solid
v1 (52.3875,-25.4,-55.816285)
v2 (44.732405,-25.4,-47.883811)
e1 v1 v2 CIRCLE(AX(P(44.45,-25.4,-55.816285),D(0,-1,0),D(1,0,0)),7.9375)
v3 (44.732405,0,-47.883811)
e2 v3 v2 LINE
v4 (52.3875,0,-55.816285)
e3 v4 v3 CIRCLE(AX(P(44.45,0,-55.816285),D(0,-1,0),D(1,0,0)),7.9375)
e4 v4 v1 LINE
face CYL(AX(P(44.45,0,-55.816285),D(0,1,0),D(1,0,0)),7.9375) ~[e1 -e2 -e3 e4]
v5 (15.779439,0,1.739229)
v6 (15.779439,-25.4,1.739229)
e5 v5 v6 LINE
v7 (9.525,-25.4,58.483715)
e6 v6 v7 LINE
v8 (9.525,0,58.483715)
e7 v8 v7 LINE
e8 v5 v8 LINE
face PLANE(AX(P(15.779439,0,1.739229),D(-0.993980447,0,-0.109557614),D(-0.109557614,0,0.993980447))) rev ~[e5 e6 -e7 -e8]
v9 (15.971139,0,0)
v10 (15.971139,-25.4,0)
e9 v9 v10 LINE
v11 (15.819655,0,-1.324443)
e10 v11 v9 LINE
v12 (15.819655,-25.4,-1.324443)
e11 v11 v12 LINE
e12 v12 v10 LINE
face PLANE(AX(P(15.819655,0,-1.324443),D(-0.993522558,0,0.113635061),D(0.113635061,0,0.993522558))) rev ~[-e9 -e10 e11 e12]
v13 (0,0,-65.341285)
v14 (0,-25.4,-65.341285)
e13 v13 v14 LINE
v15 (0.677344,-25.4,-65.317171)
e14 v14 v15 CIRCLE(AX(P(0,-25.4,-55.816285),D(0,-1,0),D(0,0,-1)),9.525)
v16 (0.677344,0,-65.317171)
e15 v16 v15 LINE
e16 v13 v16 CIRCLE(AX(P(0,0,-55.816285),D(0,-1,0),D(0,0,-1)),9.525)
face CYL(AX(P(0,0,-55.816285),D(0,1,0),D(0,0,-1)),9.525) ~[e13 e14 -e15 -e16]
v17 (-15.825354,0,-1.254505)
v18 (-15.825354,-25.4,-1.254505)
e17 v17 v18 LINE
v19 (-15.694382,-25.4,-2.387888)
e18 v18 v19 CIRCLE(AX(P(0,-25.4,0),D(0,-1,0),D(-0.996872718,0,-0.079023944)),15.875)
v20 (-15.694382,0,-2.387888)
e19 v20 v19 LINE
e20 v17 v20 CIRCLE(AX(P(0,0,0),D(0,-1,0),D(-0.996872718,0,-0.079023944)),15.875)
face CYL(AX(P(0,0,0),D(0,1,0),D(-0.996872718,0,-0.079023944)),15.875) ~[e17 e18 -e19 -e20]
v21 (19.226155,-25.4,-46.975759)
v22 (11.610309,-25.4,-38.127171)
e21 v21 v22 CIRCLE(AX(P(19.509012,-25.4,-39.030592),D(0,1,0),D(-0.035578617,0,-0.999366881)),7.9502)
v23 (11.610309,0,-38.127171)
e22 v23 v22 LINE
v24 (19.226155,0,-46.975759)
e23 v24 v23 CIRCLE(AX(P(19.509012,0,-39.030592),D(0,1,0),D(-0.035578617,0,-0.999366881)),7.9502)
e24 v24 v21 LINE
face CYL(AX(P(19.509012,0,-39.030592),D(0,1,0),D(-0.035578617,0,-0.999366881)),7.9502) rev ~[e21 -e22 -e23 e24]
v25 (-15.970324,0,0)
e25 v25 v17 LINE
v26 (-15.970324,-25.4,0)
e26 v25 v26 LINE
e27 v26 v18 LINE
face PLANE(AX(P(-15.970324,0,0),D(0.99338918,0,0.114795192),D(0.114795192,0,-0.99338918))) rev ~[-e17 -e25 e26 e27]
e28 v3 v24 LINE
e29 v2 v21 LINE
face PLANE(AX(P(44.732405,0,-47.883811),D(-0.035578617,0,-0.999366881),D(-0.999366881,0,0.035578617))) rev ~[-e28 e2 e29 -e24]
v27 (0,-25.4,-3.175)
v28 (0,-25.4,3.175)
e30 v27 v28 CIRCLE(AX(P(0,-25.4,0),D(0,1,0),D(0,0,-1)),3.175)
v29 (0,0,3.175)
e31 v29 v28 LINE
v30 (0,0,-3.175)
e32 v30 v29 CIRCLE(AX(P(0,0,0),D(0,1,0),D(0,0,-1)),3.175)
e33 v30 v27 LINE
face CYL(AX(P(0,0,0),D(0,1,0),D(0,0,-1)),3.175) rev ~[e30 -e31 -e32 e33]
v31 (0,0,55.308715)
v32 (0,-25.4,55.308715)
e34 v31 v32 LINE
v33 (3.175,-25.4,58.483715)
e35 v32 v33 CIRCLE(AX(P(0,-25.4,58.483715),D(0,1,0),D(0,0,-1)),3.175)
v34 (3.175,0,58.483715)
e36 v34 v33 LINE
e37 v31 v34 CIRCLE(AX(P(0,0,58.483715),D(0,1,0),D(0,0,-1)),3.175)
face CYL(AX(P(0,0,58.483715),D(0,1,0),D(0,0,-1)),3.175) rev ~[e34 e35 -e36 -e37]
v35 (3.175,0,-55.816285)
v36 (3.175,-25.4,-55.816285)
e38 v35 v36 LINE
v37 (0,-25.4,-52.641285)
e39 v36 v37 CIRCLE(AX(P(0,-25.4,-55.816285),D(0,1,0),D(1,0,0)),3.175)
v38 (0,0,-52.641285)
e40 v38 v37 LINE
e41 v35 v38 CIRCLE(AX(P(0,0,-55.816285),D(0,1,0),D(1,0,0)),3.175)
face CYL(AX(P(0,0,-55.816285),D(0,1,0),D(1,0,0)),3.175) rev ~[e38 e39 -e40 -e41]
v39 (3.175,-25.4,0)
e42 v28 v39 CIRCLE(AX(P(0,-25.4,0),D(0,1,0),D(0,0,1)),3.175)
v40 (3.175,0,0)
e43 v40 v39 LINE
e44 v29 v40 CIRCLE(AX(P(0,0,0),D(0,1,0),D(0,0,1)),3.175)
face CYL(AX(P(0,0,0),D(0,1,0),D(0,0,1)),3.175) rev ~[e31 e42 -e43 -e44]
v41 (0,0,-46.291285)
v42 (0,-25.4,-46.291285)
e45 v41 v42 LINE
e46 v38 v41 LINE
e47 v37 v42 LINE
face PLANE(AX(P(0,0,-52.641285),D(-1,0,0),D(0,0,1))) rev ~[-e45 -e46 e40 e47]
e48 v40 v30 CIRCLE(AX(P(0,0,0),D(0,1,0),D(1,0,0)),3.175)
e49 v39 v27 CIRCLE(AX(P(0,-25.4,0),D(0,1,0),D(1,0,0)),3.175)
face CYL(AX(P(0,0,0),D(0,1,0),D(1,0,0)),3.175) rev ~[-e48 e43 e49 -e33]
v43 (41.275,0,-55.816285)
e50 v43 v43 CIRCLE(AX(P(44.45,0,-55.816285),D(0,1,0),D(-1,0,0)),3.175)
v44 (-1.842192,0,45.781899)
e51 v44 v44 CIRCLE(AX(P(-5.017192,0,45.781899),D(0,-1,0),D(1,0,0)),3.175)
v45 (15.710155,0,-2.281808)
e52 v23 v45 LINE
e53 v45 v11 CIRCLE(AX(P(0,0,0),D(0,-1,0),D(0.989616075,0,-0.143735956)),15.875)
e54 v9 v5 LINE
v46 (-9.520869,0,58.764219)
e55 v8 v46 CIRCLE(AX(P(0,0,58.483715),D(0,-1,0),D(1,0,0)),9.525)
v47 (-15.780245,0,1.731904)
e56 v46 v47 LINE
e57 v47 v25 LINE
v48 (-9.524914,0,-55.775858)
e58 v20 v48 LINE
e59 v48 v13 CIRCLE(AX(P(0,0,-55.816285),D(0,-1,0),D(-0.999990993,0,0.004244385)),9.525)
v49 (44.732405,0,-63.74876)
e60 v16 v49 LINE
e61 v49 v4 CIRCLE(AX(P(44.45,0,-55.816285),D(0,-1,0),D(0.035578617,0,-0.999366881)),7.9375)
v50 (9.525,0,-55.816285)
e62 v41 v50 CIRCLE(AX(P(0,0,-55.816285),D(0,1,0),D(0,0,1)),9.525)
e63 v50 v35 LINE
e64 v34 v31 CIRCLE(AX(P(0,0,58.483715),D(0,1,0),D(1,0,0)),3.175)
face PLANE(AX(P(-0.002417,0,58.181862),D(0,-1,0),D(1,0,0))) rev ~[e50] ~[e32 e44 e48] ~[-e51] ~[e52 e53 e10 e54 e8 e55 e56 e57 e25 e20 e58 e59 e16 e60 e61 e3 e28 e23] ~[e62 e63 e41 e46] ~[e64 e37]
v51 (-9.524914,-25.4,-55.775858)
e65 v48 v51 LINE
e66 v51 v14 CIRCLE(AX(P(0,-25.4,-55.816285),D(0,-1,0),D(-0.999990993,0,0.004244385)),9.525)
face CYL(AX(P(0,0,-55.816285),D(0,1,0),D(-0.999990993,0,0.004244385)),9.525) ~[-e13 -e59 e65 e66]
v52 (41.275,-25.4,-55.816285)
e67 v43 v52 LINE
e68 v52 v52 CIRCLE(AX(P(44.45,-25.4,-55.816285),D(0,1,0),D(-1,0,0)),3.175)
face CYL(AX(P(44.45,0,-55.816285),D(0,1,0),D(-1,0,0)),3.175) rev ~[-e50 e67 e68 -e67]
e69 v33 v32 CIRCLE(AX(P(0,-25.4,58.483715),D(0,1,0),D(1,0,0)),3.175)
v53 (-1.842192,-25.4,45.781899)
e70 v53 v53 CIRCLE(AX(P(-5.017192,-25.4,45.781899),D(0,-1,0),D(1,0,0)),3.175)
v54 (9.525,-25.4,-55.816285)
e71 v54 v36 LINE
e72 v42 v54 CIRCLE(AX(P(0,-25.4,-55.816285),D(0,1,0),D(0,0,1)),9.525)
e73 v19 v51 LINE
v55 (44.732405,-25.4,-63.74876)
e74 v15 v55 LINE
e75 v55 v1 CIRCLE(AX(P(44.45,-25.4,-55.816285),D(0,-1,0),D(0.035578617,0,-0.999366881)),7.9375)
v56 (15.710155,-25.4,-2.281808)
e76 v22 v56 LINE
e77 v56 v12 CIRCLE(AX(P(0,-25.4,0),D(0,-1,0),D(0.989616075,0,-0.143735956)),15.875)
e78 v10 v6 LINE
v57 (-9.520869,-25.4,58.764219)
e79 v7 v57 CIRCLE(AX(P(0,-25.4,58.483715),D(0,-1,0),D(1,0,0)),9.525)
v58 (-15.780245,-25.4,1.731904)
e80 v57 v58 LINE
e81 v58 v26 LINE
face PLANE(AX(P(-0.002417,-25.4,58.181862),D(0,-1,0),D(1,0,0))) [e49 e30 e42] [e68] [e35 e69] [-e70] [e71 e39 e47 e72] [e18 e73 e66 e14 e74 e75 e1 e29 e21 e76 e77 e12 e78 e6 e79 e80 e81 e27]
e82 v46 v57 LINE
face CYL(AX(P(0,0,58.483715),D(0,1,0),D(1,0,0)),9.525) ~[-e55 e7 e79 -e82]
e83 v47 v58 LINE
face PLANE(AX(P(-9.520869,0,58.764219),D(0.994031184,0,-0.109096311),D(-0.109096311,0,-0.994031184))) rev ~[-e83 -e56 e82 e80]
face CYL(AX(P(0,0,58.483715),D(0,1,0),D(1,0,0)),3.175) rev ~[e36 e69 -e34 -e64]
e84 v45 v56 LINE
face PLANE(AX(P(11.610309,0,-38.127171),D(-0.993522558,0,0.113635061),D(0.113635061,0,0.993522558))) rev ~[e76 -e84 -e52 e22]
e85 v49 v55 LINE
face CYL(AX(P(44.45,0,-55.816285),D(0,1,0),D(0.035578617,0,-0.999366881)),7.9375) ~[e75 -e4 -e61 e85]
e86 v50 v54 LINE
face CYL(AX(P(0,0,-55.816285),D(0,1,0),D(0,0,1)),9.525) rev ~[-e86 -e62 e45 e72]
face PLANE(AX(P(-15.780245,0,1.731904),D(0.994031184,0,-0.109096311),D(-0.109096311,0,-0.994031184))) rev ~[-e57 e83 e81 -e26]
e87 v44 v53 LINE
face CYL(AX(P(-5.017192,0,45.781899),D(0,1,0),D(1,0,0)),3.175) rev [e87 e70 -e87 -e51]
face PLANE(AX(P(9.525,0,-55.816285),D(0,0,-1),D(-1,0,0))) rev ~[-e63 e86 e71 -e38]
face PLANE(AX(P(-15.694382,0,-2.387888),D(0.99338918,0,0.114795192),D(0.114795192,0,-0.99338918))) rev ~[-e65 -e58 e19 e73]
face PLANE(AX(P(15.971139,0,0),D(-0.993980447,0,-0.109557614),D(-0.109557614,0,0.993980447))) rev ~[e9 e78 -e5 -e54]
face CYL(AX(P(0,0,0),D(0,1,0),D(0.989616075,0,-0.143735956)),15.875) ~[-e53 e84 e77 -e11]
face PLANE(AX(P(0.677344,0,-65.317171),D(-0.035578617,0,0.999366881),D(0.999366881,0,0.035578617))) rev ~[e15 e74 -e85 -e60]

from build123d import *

# Parameters (mm, degrees)
F0_R     = 3.175
F1_DEPTH = 25.4
F2_DEPTH = 25.4


with BuildPart() as f1:
    # F0 (on Front) → F1 (new body)
    with BuildSketch(Plane.XZ):
        with BuildLine():
            ThreePointArc((-9.5208687759, 58.7642191463), (-6.8336458046, 51.8484369983), (0, 48.9587146878))
            ThreePointArc((0, 48.9587146878), (6.7351920908, 51.748522597), (9.525, 58.4837146878))
            ThreePointArc((9.525, 58.4837146878), (0.1402674394, 68.0076818258), (-9.5208687759, 58.7642191463))
        make_face()
        with BuildLine():
            ThreePointArc((3.175, 58.4837146878), (2.2450640303, 56.2386506576), (0, 55.3087146878))
            ThreePointArc((0, 55.3087146878), (-2.2450640303, 60.7287787181), (3.175, 58.4837146878))
        make_face(mode=Mode.SUBTRACT)
        with BuildLine():
            ThreePointArc((9.525, 58.4837146878), (6.7351920908, 51.748522597), (0, 48.9587146878))
            Line((0, 48.9587146878), (0, 15.875))
            ThreePointArc((0, 15.875), (10.5925769126, 11.8242521687), (15.7794394371, 1.7392285795))
            Line((15.7794394371, 1.7392285795), (9.525, 58.4837146878))
        make_face()
        with BuildLine():
            Line((0, 15.875), (0, 48.9587146878))
            ThreePointArc((0, 48.9587146878), (-6.8336458046, 51.8484369983), (-9.5208687759, 58.7642191463))
            Line((-9.5208687759, 58.7642191463), (-15.7802450107, 1.7319042706))
            ThreePointArc((-15.7802450107, 1.7319042706), (-10.5953207763, 11.8217935461), (0, 15.875))
        make_face()
        with Locations((-5.0171916373, 45.7818992436)):
            Circle(F0_R, mode=Mode.SUBTRACT)
        with BuildLine():
            ThreePointArc((15.7794394371, 1.7392285795), (10.5925769126, 11.8242521687), (0, 15.875))
            Line((0, 15.875), (0, 3.175))
            ThreePointArc((0, 3.175), (2.2450640303, 2.2450640303), (3.175, 0))
            ThreePointArc((3.175, 0), (2.2450640303, -2.2450640303), (0, -3.175))
            Line((0, -3.175), (0, -15.875))
            ThreePointArc((0, -15.875), (10.3872979688, -12.004985044), (15.7101551828, -2.2818083033))
            Line((15.7101551828, -2.2818083033), (15.819654741, -1.3244428544))
            ThreePointArc((15.819654741, -1.3244428544), (15.8611576503, -0.6627993611), (15.875, 0))
            ThreePointArc((15.875, 0), (15.8510918561, 0.8709259258), (15.7794394371, 1.7392285795))
        make_face()
        with BuildLine():
            Line((0, 3.175), (0, 15.875))
            ThreePointArc((0, 15.875), (-10.5953207763, 11.8217935461), (-15.7802450107, 1.7319042706))
            ThreePointArc((-15.7802450107, 1.7319042706), (-15.8731893077, 0.2397628051), (-15.825354401, -1.254505115))
            Line((-15.825354401, -1.254505115), (-15.6943816299, -2.3878882417))
            ThreePointArc((-15.6943816299, -2.3878882417), (-10.3466878556, -12.040003132), (0, -15.875))
            Line((0, -15.875), (0, -3.175))
            ThreePointArc((0, -3.175), (-3.175, 0), (0, 3.175))
        make_face()
        with BuildLine():
            Line((15.9711391169, 0), (15.7794394371, 1.7392285795))
            ThreePointArc((15.7794394371, 1.7392285795), (15.8510918561, 0.8709259258), (15.875, 0))
            ThreePointArc((15.875, 0), (15.8611576503, -0.6627993611), (15.819654741, -1.3244428544))
            Line((15.819654741, -1.3244428544), (15.9711391169, 0))
        make_face()
        with BuildLine():
            ThreePointArc((-15.825354401, -1.254505115), (-15.8731893077, 0.2397628051), (-15.7802450107, 1.7319042706))
            Line((-15.7802450107, 1.7319042706), (-15.970323924, 0))
            Line((-15.970323924, 0), (-15.825354401, -1.254505115))
        make_face()
        with BuildLine():
            Line((-15.6943816299, -2.3878882417), (-15.825354401, -1.254505115))
            ThreePointArc((-15.825354401, -1.254505115), (-15.77005324, -1.822373674), (-15.6943816299, -2.3878882417))
        make_face()
        with BuildLine():
            ThreePointArc((15.7101551828, -2.2818083033), (10.3872979688, -12.004985044), (0, -15.875))
            Line((0, -15.875), (0, -46.2912853122))
            ThreePointArc((0, -46.2912853122), (6.7351920908, -49.0810932214), (9.525, -55.8162853122))
            Line((9.525, -55.8162853122), (36.5125, -55.8162853122))
            ThreePointArc((36.5125, -55.8162853122), (38.9380895153, -50.1046525283), (44.7324052746, -47.8838106976))
            Line((44.7324052746, -47.8838106976), (19.2261546461, -46.9757586632))
            ThreePointArc((19.2261546461, -46.9757586632), (13.4833284693, -44.2168065864), (11.6103087299, -38.1271706272))
            Line((11.6103087299, -38.1271706272), (15.7101551828, -2.2818083033))
        make_face()
        with BuildLine():
            Line((0, -46.2912853122), (0, -15.875))
            ThreePointArc((0, -15.875), (-10.3466878556, -12.040003132), (-15.6943816299, -2.3878882417))
            Line((-15.6943816299, -2.3878882417), (-9.5249142041, -55.7758575439))
            ThreePointArc((-9.5249142041, -55.7758575439), (-6.7208835173, -49.0668149814), (0, -46.2912853122))
        make_face()
        with BuildLine():
            ThreePointArc((15.7101551828, -2.2818083033), (15.7721706055, -1.8039565935), (15.819654741, -1.3244428544))
            Line((15.819654741, -1.3244428544), (15.7101551828, -2.2818083033))
        make_face()
        with BuildLine():
            Line((0, -52.6412853122), (0, -46.2912853122))
            ThreePointArc((0, -46.2912853122), (-6.7208835173, -49.0668149814), (-9.5249142041, -55.7758575439))
            ThreePointArc((-9.5249142041, -55.7758575439), (-6.7494703308, -62.5371688295), (0, -65.3412853122))
            Line((0, -65.3412853122), (0.6773435479, -65.3171710982))
            ThreePointArc((0.6773435479, -65.3171710982), (6.9705567315, -62.3075844004), (9.525, -55.8162853122))
            Line((9.525, -55.8162853122), (3.175, -55.8162853122))
            ThreePointArc((3.175, -55.8162853122), (-2.2450640303, -58.0613493424), (0, -52.6412853122))
        make_face()
        with BuildLine():
            Line((36.5125, -55.8162853122), (9.525, -55.8162853122))
            ThreePointArc((9.525, -55.8162853122), (6.9705567315, -62.3075844004), (0.6773435479, -65.3171710982))
            Line((0.6773435479, -65.3171710982), (44.7324052746, -63.7487599268))
            ThreePointArc((44.7324052746, -63.7487599268), (38.9380895153, -61.5279180961), (36.5125, -55.8162853122))
        make_face()
        with BuildLine():
            Line((0.6773435479, -65.3171710982), (0, -65.3412853122))
            ThreePointArc((0, -65.3412853122), (0.3388863295, -65.3352548497), (0.6773435479, -65.3171710982))
        make_face()
        with BuildLine():
            ThreePointArc((44.7324052746, -47.8838106976), (38.9380895153, -50.1046525283), (36.5125, -55.8162853122))
            ThreePointArc((36.5125, -55.8162853122), (38.9380895153, -61.5279180961), (44.7324052746, -63.7487599268))
            ThreePointArc((44.7324052746, -63.7487599268), (50.1616327839, -61.3281957969), (52.3875, -55.8162853122))
            ThreePointArc((52.3875, -55.8162853122), (50.1616327839, -50.3043748275), (44.7324052746, -47.8838106976))
        make_face()
        with BuildLine():
            ThreePointArc((47.625, -55.8162853122), (44.45, -58.9912853122), (41.275, -55.8162853122))
            ThreePointArc((41.275, -55.8162853122), (44.45, -52.6412853122), (47.625, -55.8162853122))
        make_face(mode=Mode.SUBTRACT)
    extrude(amount=F1_DEPTH)

    # F0 (on Front) → F2 (join)
    with BuildSketch(Plane.XZ):
        with BuildLine():
            ThreePointArc((-9.5208687759, 58.7642191463), (-6.8336458046, 51.8484369983), (0, 48.9587146878))
            ThreePointArc((0, 48.9587146878), (6.7351920908, 51.748522597), (9.525, 58.4837146878))
            ThreePointArc((9.525, 58.4837146878), (0.1402674394, 68.0076818258), (-9.5208687759, 58.7642191463))
        make_face()
        with BuildLine():
            ThreePointArc((3.175, 58.4837146878), (2.2450640303, 56.2386506576), (0, 55.3087146878))
            ThreePointArc((0, 55.3087146878), (-2.2450640303, 60.7287787181), (3.175, 58.4837146878))
        make_face(mode=Mode.SUBTRACT)
        with BuildLine():
            ThreePointArc((9.525, 58.4837146878), (6.7351920908, 51.748522597), (0, 48.9587146878))
            Line((0, 48.9587146878), (0, 15.875))
            ThreePointArc((0, 15.875), (10.5925769126, 11.8242521687), (15.7794394371, 1.7392285795))
            Line((15.7794394371, 1.7392285795), (9.525, 58.4837146878))
        make_face()
        with BuildLine():
            Line((0, 15.875), (0, 48.9587146878))
            ThreePointArc((0, 48.9587146878), (-6.8336458046, 51.8484369983), (-9.5208687759, 58.7642191463))
            Line((-9.5208687759, 58.7642191463), (-15.7802450107, 1.7319042706))
            ThreePointArc((-15.7802450107, 1.7319042706), (-10.5953207763, 11.8217935461), (0, 15.875))
        make_face()
        with Locations((-5.0171916373, 45.7818992436)):
            Circle(F0_R, mode=Mode.SUBTRACT)
        with BuildLine():
            ThreePointArc((15.7794394371, 1.7392285795), (10.5925769126, 11.8242521687), (0, 15.875))
            Line((0, 15.875), (0, 3.175))
            ThreePointArc((0, 3.175), (2.2450640303, 2.2450640303), (3.175, 0))
            ThreePointArc((3.175, 0), (2.2450640303, -2.2450640303), (0, -3.175))
            Line((0, -3.175), (0, -15.875))
            ThreePointArc((0, -15.875), (10.3872979688, -12.004985044), (15.7101551828, -2.2818083033))
            Line((15.7101551828, -2.2818083033), (15.819654741, -1.3244428544))
            ThreePointArc((15.819654741, -1.3244428544), (15.8611576503, -0.6627993611), (15.875, 0))
            ThreePointArc((15.875, 0), (15.8510918561, 0.8709259258), (15.7794394371, 1.7392285795))
        make_face()
        with BuildLine():
            Line((0, 3.175), (0, 15.875))
            ThreePointArc((0, 15.875), (-10.5953207763, 11.8217935461), (-15.7802450107, 1.7319042706))
            ThreePointArc((-15.7802450107, 1.7319042706), (-15.8731893077, 0.2397628051), (-15.825354401, -1.254505115))
            Line((-15.825354401, -1.254505115), (-15.6943816299, -2.3878882417))
            ThreePointArc((-15.6943816299, -2.3878882417), (-10.3466878556, -12.040003132), (0, -15.875))
            Line((0, -15.875), (0, -3.175))
            ThreePointArc((0, -3.175), (-3.175, 0), (0, 3.175))
        make_face()
        with BuildLine():
            Line((15.9711391169, 0), (15.7794394371, 1.7392285795))
            ThreePointArc((15.7794394371, 1.7392285795), (15.8510918561, 0.8709259258), (15.875, 0))
            ThreePointArc((15.875, 0), (15.8611576503, -0.6627993611), (15.819654741, -1.3244428544))
            Line((15.819654741, -1.3244428544), (15.9711391169, 0))
        make_face()
        with BuildLine():
            ThreePointArc((-15.825354401, -1.254505115), (-15.8731893077, 0.2397628051), (-15.7802450107, 1.7319042706))
            Line((-15.7802450107, 1.7319042706), (-15.970323924, 0))
            Line((-15.970323924, 0), (-15.825354401, -1.254505115))
        make_face()
        with BuildLine():
            Line((-15.6943816299, -2.3878882417), (-15.825354401, -1.254505115))
            ThreePointArc((-15.825354401, -1.254505115), (-15.77005324, -1.822373674), (-15.6943816299, -2.3878882417))
        make_face()
        with BuildLine():
            ThreePointArc((15.7101551828, -2.2818083033), (10.3872979688, -12.004985044), (0, -15.875))
            Line((0, -15.875), (0, -46.2912853122))
            ThreePointArc((0, -46.2912853122), (6.7351920908, -49.0810932214), (9.525, -55.8162853122))
            Line((9.525, -55.8162853122), (36.5125, -55.8162853122))
            ThreePointArc((36.5125, -55.8162853122), (38.9380895153, -50.1046525283), (44.7324052746, -47.8838106976))
            Line((44.7324052746, -47.8838106976), (19.2261546461, -46.9757586632))
            ThreePointArc((19.2261546461, -46.9757586632), (13.4833284693, -44.2168065864), (11.6103087299, -38.1271706272))
            Line((11.6103087299, -38.1271706272), (15.7101551828, -2.2818083033))
        make_face()
        with BuildLine():
            Line((0, -46.2912853122), (0, -15.875))
            ThreePointArc((0, -15.875), (-10.3466878556, -12.040003132), (-15.6943816299, -2.3878882417))
            Line((-15.6943816299, -2.3878882417), (-9.5249142041, -55.7758575439))
            ThreePointArc((-9.5249142041, -55.7758575439), (-6.7208835173, -49.0668149814), (0, -46.2912853122))
        make_face()
        with BuildLine():
            ThreePointArc((15.7101551828, -2.2818083033), (15.7721706055, -1.8039565935), (15.819654741, -1.3244428544))
            Line((15.819654741, -1.3244428544), (15.7101551828, -2.2818083033))
        make_face()
        with BuildLine():
            Line((0, -52.6412853122), (0, -46.2912853122))
            ThreePointArc((0, -46.2912853122), (-6.7208835173, -49.0668149814), (-9.5249142041, -55.7758575439))
            ThreePointArc((-9.5249142041, -55.7758575439), (-6.7494703308, -62.5371688295), (0, -65.3412853122))
            Line((0, -65.3412853122), (0.6773435479, -65.3171710982))
            ThreePointArc((0.6773435479, -65.3171710982), (6.9705567315, -62.3075844004), (9.525, -55.8162853122))
            Line((9.525, -55.8162853122), (3.175, -55.8162853122))
            ThreePointArc((3.175, -55.8162853122), (-2.2450640303, -58.0613493424), (0, -52.6412853122))
        make_face()
        with BuildLine():
            Line((36.5125, -55.8162853122), (9.525, -55.8162853122))
            ThreePointArc((9.525, -55.8162853122), (6.9705567315, -62.3075844004), (0.6773435479, -65.3171710982))
            Line((0.6773435479, -65.3171710982), (44.7324052746, -63.7487599268))
            ThreePointArc((44.7324052746, -63.7487599268), (38.9380895153, -61.5279180961), (36.5125, -55.8162853122))
        make_face()
        with BuildLine():
            Line((0.6773435479, -65.3171710982), (0, -65.3412853122))
            ThreePointArc((0, -65.3412853122), (0.3388863295, -65.3352548497), (0.6773435479, -65.3171710982))
        make_face()
        with BuildLine():
            ThreePointArc((44.7324052746, -47.8838106976), (38.9380895153, -50.1046525283), (36.5125, -55.8162853122))
            ThreePointArc((36.5125, -55.8162853122), (38.9380895153, -61.5279180961), (44.7324052746, -63.7487599268))
            ThreePointArc((44.7324052746, -63.7487599268), (50.1616327839, -61.3281957969), (52.3875, -55.8162853122))
            ThreePointArc((52.3875, -55.8162853122), (50.1616327839, -50.3043748275), (44.7324052746, -47.8838106976))
        make_face()
        with BuildLine():
            ThreePointArc((47.625, -55.8162853122), (44.45, -58.9912853122), (41.275, -55.8162853122))
            ThreePointArc((41.275, -55.8162853122), (44.45, -52.6412853122), (47.625, -55.8162853122))
        make_face(mode=Mode.SUBTRACT)
    extrude(amount=F2_DEPTH)


solid = f1.part
